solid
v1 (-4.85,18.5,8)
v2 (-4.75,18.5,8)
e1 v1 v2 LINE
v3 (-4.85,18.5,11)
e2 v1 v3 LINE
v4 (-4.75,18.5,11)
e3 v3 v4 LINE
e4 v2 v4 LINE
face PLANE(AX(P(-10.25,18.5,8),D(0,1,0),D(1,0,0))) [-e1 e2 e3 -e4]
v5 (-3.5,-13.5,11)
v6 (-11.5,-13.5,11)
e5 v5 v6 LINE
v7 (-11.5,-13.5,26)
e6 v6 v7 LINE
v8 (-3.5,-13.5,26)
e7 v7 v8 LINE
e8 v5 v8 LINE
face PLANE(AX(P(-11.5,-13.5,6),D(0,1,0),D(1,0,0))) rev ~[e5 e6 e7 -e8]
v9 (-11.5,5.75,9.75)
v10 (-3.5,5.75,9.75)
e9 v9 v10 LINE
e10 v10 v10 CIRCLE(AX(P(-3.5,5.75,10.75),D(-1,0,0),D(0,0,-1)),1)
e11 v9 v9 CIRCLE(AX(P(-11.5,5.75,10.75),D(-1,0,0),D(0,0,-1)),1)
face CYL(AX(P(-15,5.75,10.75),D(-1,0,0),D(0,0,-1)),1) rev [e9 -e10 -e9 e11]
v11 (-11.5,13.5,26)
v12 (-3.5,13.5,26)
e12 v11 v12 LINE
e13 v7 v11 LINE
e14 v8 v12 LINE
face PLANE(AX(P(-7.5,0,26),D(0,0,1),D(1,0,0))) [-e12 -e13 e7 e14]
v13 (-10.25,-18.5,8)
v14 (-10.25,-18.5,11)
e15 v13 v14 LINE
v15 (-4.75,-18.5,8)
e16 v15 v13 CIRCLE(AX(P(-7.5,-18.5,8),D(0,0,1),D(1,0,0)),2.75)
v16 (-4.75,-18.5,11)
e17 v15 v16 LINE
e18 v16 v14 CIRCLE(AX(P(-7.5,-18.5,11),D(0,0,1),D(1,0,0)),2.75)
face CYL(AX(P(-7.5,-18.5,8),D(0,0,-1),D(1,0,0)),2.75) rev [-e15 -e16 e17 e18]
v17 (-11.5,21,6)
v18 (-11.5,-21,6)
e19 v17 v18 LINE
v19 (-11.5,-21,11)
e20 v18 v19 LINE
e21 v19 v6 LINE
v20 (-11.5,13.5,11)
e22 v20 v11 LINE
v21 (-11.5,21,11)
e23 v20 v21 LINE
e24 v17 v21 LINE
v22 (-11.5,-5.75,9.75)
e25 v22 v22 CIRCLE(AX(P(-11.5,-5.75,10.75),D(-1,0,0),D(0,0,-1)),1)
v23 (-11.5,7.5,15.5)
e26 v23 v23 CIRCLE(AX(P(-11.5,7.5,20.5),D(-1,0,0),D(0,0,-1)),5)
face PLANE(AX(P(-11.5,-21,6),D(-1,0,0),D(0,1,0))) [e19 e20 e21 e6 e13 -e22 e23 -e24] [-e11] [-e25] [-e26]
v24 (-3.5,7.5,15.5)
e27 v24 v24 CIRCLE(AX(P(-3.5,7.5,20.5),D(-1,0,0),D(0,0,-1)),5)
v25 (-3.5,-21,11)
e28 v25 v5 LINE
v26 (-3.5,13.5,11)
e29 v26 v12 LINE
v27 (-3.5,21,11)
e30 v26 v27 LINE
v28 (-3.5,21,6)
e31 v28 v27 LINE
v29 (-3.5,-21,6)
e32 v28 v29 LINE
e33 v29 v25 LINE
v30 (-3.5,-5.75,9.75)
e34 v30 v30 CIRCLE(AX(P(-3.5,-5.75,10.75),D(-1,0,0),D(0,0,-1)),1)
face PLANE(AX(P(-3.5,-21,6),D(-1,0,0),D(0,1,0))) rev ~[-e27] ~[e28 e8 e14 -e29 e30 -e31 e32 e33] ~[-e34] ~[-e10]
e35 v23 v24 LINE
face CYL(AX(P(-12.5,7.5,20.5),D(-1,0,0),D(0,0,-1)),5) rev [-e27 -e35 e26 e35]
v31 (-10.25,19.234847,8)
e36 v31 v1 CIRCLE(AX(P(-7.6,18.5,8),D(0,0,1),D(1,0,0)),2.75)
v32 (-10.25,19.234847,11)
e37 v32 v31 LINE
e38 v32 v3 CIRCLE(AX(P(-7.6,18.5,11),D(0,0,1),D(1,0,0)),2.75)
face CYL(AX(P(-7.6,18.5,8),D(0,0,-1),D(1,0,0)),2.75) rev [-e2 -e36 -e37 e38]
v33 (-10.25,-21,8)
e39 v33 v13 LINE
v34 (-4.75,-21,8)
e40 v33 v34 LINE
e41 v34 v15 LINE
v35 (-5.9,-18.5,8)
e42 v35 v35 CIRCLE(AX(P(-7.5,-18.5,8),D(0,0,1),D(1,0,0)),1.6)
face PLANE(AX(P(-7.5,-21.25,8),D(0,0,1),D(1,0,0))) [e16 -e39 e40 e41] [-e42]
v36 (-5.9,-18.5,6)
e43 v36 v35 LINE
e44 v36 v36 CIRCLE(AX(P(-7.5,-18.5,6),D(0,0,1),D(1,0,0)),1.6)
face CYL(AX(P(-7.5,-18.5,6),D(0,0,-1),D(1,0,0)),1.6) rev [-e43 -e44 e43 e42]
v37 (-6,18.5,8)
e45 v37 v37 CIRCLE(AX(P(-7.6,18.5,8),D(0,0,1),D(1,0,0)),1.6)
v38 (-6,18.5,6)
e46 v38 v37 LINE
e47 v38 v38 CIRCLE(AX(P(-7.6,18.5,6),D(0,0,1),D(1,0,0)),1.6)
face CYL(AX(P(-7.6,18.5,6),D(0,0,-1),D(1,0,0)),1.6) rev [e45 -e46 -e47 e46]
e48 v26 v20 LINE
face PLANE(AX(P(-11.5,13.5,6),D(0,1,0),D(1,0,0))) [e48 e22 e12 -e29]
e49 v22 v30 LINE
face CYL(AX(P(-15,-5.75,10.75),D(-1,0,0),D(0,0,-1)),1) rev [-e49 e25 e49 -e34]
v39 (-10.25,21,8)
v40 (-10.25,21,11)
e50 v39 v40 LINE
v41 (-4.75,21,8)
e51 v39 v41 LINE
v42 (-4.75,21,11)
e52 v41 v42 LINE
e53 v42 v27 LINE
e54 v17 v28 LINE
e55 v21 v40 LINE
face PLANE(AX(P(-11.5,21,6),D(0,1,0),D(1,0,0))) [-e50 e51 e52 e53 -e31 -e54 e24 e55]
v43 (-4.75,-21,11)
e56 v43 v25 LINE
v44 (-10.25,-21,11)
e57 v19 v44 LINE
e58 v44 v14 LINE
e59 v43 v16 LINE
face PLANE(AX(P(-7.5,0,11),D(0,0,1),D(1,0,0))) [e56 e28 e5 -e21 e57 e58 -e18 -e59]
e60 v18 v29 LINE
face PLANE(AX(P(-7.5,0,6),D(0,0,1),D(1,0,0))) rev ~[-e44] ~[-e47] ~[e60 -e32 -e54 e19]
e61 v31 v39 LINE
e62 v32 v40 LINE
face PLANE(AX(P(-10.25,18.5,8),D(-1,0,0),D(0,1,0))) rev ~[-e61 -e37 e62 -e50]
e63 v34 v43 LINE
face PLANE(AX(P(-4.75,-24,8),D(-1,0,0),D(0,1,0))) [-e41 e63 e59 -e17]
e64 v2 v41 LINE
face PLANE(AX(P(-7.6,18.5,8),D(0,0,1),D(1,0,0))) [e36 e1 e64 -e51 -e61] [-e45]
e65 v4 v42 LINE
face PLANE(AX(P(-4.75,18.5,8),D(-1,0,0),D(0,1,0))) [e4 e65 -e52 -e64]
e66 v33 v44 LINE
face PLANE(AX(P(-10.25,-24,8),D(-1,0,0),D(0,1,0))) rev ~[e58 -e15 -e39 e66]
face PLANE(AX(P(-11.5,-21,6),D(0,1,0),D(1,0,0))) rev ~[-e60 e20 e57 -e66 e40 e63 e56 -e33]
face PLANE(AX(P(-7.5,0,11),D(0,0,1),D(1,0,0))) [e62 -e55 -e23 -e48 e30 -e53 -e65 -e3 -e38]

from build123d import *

# Parameters (mm, degrees)
CYLINDER033_R     = 1
CYLINDER033_DEPTH = 20
CYLINDER032_R     = 1
CYLINDER032_DEPTH = 20
CYLINDER012_R     = 5
CYLINDER012_DEPTH = 10
BOX003_W          = 8
BOX003_H          = 27
BOX003_DEPTH      = 20
BOX002_W          = 5.5
BOX002_H          = 5.5
BOX002_DEPTH      = 3
CYLINDER002_R     = 1.6
CYLINDER002_DEPTH = 5
CYLINDER003_R     = 2.75
CYLINDER003_DEPTH = 3
BOX001_W          = 5.5
BOX001_H          = 5.5
BOX001_DEPTH      = 3
CYLINDER_R        = 1.6
CYLINDER_DEPTH    = 5
CYLINDER001_R     = 2.75
CYLINDER001_DEPTH = 3
BOX_W             = 8
BOX_H             = 42
BOX_DEPTH         = 5


with BuildPart() as cylinder033:
    # Cylinder033 → Cylinder033 (new body)
    with BuildSketch(Plane(origin=(-15, 5.75, 9.75), x_dir=(0, 0, -1), z_dir=(1, 0, 0))):
        Circle(CYLINDER033_R)
    extrude(amount=CYLINDER033_DEPTH)


with BuildPart() as fusion020:
    # Cylinder032 → Cylinder032 (new body)
    with BuildSketch(Plane(origin=(-15, -5.75, 9.75), x_dir=(0, 0, -1), z_dir=(1, 0, 0))):
        Circle(CYLINDER032_R)
    extrude(amount=CYLINDER032_DEPTH)

    # Fusion020: union Cylinder033
    add(cylinder033.part)


with BuildPart() as cylinder012:
    # Cylinder012 → Cylinder012 (new body)
    with BuildSketch(Plane(origin=(-12.5, 7.5, 19.5), x_dir=(0, 0, -1), z_dir=(1, 0, 0))):
        Circle(CYLINDER012_R)
    extrude(amount=CYLINDER012_DEPTH)


with BuildPart() as cube003:
    # Box003 → Box003 (new body)
    with BuildSketch(Plane(origin=(-11.5, -13.5, 5), x_dir=(1, 0, 0), z_dir=(0, 0, 1))):
        with Locations((4, 13.5)):
            Rectangle(BOX003_W, BOX003_H)
    extrude(amount=BOX003_DEPTH)


with BuildPart() as cube002:
    # Box002 → Box002 (new body)
    with BuildSketch(Plane(origin=(-10.25, -24, 7), x_dir=(1, 0, 0), z_dir=(0, 0, 1))):
        with Locations((2.75, 2.75)):
            Rectangle(BOX002_W, BOX002_H)
    extrude(amount=BOX002_DEPTH)


with BuildPart() as cylinder002:
    # Cylinder002 → Cylinder002 (new body)
    with BuildSketch(Plane.XY):
        Circle(CYLINDER002_R)
    extrude(amount=CYLINDER002_DEPTH)


with BuildPart() as fusion003:
    # Cylinder003 → Cylinder003 (new body)
    with BuildSketch(Plane.XY.offset(2)):
        Circle(CYLINDER003_R)
    extrude(amount=CYLINDER003_DEPTH)

    # Fusion001: union Cylinder002
    add(cylinder002.part)


with BuildPart() as fusion003_1:
    # Fusion001 placement: moved
    add(fusion003.part.moved(Location((-7.5, -18.5, 5))))

    # Fusion003: union Cube002
    add(cube002.part)


with BuildPart() as cube001:
    # Box001 → Box001 (new body)
    with BuildSketch(Plane(origin=(-10.25, 18.5, 7), x_dir=(1, 0, 0), z_dir=(0, 0, 1))):
        with Locations((2.75, 2.75)):
            Rectangle(BOX001_W, BOX001_H)
    extrude(amount=BOX001_DEPTH)


with BuildPart() as cylinder:
    # Cylinder → Cylinder (new body)
    with BuildSketch(Plane.XY):
        Circle(CYLINDER_R)
    extrude(amount=CYLINDER_DEPTH)


with BuildPart() as fusion004:
    # Cylinder001 → Cylinder001 (new body)
    with BuildSketch(Plane.XY.offset(2)):
        Circle(CYLINDER001_R)
    extrude(amount=CYLINDER001_DEPTH)

    # Fusion: union Cylinder
    add(cylinder.part)


with BuildPart() as fusion004_1:
    # Fusion placement: moved
    add(fusion004.part.moved(Location((-7.6, 18.5, 5))))

    # Fusion002: union Cube001
    add(cube001.part)

    # Fusion004: union Fusion003
    add(fusion003_1.part)


with BuildPart() as holder:
    # Box → Box (new body)
    with BuildSketch(Plane(origin=(-11.5, -21, 5), x_dir=(1, 0, 0), z_dir=(0, 0, 1))):
        with Locations((4, 21)):
            Rectangle(BOX_W, BOX_H)
    extrude(amount=BOX_DEPTH)

    # Cut: cut Fusion004
    add(fusion004_1.part, mode=Mode.SUBTRACT)

    # Fusion005: union Cube003
    add(cube003.part)

    # Cut002: cut Cylinder012
    add(cylinder012.part, mode=Mode.SUBTRACT)

    # Cut009: cut Fusion020
    add(fusion020.part, mode=Mode.SUBTRACT)


with BuildPart() as holder_1:
    # Cut009 placement: moved
    add(holder.part.moved(Location((0, 0, 1))))


solid = holder_1.part
